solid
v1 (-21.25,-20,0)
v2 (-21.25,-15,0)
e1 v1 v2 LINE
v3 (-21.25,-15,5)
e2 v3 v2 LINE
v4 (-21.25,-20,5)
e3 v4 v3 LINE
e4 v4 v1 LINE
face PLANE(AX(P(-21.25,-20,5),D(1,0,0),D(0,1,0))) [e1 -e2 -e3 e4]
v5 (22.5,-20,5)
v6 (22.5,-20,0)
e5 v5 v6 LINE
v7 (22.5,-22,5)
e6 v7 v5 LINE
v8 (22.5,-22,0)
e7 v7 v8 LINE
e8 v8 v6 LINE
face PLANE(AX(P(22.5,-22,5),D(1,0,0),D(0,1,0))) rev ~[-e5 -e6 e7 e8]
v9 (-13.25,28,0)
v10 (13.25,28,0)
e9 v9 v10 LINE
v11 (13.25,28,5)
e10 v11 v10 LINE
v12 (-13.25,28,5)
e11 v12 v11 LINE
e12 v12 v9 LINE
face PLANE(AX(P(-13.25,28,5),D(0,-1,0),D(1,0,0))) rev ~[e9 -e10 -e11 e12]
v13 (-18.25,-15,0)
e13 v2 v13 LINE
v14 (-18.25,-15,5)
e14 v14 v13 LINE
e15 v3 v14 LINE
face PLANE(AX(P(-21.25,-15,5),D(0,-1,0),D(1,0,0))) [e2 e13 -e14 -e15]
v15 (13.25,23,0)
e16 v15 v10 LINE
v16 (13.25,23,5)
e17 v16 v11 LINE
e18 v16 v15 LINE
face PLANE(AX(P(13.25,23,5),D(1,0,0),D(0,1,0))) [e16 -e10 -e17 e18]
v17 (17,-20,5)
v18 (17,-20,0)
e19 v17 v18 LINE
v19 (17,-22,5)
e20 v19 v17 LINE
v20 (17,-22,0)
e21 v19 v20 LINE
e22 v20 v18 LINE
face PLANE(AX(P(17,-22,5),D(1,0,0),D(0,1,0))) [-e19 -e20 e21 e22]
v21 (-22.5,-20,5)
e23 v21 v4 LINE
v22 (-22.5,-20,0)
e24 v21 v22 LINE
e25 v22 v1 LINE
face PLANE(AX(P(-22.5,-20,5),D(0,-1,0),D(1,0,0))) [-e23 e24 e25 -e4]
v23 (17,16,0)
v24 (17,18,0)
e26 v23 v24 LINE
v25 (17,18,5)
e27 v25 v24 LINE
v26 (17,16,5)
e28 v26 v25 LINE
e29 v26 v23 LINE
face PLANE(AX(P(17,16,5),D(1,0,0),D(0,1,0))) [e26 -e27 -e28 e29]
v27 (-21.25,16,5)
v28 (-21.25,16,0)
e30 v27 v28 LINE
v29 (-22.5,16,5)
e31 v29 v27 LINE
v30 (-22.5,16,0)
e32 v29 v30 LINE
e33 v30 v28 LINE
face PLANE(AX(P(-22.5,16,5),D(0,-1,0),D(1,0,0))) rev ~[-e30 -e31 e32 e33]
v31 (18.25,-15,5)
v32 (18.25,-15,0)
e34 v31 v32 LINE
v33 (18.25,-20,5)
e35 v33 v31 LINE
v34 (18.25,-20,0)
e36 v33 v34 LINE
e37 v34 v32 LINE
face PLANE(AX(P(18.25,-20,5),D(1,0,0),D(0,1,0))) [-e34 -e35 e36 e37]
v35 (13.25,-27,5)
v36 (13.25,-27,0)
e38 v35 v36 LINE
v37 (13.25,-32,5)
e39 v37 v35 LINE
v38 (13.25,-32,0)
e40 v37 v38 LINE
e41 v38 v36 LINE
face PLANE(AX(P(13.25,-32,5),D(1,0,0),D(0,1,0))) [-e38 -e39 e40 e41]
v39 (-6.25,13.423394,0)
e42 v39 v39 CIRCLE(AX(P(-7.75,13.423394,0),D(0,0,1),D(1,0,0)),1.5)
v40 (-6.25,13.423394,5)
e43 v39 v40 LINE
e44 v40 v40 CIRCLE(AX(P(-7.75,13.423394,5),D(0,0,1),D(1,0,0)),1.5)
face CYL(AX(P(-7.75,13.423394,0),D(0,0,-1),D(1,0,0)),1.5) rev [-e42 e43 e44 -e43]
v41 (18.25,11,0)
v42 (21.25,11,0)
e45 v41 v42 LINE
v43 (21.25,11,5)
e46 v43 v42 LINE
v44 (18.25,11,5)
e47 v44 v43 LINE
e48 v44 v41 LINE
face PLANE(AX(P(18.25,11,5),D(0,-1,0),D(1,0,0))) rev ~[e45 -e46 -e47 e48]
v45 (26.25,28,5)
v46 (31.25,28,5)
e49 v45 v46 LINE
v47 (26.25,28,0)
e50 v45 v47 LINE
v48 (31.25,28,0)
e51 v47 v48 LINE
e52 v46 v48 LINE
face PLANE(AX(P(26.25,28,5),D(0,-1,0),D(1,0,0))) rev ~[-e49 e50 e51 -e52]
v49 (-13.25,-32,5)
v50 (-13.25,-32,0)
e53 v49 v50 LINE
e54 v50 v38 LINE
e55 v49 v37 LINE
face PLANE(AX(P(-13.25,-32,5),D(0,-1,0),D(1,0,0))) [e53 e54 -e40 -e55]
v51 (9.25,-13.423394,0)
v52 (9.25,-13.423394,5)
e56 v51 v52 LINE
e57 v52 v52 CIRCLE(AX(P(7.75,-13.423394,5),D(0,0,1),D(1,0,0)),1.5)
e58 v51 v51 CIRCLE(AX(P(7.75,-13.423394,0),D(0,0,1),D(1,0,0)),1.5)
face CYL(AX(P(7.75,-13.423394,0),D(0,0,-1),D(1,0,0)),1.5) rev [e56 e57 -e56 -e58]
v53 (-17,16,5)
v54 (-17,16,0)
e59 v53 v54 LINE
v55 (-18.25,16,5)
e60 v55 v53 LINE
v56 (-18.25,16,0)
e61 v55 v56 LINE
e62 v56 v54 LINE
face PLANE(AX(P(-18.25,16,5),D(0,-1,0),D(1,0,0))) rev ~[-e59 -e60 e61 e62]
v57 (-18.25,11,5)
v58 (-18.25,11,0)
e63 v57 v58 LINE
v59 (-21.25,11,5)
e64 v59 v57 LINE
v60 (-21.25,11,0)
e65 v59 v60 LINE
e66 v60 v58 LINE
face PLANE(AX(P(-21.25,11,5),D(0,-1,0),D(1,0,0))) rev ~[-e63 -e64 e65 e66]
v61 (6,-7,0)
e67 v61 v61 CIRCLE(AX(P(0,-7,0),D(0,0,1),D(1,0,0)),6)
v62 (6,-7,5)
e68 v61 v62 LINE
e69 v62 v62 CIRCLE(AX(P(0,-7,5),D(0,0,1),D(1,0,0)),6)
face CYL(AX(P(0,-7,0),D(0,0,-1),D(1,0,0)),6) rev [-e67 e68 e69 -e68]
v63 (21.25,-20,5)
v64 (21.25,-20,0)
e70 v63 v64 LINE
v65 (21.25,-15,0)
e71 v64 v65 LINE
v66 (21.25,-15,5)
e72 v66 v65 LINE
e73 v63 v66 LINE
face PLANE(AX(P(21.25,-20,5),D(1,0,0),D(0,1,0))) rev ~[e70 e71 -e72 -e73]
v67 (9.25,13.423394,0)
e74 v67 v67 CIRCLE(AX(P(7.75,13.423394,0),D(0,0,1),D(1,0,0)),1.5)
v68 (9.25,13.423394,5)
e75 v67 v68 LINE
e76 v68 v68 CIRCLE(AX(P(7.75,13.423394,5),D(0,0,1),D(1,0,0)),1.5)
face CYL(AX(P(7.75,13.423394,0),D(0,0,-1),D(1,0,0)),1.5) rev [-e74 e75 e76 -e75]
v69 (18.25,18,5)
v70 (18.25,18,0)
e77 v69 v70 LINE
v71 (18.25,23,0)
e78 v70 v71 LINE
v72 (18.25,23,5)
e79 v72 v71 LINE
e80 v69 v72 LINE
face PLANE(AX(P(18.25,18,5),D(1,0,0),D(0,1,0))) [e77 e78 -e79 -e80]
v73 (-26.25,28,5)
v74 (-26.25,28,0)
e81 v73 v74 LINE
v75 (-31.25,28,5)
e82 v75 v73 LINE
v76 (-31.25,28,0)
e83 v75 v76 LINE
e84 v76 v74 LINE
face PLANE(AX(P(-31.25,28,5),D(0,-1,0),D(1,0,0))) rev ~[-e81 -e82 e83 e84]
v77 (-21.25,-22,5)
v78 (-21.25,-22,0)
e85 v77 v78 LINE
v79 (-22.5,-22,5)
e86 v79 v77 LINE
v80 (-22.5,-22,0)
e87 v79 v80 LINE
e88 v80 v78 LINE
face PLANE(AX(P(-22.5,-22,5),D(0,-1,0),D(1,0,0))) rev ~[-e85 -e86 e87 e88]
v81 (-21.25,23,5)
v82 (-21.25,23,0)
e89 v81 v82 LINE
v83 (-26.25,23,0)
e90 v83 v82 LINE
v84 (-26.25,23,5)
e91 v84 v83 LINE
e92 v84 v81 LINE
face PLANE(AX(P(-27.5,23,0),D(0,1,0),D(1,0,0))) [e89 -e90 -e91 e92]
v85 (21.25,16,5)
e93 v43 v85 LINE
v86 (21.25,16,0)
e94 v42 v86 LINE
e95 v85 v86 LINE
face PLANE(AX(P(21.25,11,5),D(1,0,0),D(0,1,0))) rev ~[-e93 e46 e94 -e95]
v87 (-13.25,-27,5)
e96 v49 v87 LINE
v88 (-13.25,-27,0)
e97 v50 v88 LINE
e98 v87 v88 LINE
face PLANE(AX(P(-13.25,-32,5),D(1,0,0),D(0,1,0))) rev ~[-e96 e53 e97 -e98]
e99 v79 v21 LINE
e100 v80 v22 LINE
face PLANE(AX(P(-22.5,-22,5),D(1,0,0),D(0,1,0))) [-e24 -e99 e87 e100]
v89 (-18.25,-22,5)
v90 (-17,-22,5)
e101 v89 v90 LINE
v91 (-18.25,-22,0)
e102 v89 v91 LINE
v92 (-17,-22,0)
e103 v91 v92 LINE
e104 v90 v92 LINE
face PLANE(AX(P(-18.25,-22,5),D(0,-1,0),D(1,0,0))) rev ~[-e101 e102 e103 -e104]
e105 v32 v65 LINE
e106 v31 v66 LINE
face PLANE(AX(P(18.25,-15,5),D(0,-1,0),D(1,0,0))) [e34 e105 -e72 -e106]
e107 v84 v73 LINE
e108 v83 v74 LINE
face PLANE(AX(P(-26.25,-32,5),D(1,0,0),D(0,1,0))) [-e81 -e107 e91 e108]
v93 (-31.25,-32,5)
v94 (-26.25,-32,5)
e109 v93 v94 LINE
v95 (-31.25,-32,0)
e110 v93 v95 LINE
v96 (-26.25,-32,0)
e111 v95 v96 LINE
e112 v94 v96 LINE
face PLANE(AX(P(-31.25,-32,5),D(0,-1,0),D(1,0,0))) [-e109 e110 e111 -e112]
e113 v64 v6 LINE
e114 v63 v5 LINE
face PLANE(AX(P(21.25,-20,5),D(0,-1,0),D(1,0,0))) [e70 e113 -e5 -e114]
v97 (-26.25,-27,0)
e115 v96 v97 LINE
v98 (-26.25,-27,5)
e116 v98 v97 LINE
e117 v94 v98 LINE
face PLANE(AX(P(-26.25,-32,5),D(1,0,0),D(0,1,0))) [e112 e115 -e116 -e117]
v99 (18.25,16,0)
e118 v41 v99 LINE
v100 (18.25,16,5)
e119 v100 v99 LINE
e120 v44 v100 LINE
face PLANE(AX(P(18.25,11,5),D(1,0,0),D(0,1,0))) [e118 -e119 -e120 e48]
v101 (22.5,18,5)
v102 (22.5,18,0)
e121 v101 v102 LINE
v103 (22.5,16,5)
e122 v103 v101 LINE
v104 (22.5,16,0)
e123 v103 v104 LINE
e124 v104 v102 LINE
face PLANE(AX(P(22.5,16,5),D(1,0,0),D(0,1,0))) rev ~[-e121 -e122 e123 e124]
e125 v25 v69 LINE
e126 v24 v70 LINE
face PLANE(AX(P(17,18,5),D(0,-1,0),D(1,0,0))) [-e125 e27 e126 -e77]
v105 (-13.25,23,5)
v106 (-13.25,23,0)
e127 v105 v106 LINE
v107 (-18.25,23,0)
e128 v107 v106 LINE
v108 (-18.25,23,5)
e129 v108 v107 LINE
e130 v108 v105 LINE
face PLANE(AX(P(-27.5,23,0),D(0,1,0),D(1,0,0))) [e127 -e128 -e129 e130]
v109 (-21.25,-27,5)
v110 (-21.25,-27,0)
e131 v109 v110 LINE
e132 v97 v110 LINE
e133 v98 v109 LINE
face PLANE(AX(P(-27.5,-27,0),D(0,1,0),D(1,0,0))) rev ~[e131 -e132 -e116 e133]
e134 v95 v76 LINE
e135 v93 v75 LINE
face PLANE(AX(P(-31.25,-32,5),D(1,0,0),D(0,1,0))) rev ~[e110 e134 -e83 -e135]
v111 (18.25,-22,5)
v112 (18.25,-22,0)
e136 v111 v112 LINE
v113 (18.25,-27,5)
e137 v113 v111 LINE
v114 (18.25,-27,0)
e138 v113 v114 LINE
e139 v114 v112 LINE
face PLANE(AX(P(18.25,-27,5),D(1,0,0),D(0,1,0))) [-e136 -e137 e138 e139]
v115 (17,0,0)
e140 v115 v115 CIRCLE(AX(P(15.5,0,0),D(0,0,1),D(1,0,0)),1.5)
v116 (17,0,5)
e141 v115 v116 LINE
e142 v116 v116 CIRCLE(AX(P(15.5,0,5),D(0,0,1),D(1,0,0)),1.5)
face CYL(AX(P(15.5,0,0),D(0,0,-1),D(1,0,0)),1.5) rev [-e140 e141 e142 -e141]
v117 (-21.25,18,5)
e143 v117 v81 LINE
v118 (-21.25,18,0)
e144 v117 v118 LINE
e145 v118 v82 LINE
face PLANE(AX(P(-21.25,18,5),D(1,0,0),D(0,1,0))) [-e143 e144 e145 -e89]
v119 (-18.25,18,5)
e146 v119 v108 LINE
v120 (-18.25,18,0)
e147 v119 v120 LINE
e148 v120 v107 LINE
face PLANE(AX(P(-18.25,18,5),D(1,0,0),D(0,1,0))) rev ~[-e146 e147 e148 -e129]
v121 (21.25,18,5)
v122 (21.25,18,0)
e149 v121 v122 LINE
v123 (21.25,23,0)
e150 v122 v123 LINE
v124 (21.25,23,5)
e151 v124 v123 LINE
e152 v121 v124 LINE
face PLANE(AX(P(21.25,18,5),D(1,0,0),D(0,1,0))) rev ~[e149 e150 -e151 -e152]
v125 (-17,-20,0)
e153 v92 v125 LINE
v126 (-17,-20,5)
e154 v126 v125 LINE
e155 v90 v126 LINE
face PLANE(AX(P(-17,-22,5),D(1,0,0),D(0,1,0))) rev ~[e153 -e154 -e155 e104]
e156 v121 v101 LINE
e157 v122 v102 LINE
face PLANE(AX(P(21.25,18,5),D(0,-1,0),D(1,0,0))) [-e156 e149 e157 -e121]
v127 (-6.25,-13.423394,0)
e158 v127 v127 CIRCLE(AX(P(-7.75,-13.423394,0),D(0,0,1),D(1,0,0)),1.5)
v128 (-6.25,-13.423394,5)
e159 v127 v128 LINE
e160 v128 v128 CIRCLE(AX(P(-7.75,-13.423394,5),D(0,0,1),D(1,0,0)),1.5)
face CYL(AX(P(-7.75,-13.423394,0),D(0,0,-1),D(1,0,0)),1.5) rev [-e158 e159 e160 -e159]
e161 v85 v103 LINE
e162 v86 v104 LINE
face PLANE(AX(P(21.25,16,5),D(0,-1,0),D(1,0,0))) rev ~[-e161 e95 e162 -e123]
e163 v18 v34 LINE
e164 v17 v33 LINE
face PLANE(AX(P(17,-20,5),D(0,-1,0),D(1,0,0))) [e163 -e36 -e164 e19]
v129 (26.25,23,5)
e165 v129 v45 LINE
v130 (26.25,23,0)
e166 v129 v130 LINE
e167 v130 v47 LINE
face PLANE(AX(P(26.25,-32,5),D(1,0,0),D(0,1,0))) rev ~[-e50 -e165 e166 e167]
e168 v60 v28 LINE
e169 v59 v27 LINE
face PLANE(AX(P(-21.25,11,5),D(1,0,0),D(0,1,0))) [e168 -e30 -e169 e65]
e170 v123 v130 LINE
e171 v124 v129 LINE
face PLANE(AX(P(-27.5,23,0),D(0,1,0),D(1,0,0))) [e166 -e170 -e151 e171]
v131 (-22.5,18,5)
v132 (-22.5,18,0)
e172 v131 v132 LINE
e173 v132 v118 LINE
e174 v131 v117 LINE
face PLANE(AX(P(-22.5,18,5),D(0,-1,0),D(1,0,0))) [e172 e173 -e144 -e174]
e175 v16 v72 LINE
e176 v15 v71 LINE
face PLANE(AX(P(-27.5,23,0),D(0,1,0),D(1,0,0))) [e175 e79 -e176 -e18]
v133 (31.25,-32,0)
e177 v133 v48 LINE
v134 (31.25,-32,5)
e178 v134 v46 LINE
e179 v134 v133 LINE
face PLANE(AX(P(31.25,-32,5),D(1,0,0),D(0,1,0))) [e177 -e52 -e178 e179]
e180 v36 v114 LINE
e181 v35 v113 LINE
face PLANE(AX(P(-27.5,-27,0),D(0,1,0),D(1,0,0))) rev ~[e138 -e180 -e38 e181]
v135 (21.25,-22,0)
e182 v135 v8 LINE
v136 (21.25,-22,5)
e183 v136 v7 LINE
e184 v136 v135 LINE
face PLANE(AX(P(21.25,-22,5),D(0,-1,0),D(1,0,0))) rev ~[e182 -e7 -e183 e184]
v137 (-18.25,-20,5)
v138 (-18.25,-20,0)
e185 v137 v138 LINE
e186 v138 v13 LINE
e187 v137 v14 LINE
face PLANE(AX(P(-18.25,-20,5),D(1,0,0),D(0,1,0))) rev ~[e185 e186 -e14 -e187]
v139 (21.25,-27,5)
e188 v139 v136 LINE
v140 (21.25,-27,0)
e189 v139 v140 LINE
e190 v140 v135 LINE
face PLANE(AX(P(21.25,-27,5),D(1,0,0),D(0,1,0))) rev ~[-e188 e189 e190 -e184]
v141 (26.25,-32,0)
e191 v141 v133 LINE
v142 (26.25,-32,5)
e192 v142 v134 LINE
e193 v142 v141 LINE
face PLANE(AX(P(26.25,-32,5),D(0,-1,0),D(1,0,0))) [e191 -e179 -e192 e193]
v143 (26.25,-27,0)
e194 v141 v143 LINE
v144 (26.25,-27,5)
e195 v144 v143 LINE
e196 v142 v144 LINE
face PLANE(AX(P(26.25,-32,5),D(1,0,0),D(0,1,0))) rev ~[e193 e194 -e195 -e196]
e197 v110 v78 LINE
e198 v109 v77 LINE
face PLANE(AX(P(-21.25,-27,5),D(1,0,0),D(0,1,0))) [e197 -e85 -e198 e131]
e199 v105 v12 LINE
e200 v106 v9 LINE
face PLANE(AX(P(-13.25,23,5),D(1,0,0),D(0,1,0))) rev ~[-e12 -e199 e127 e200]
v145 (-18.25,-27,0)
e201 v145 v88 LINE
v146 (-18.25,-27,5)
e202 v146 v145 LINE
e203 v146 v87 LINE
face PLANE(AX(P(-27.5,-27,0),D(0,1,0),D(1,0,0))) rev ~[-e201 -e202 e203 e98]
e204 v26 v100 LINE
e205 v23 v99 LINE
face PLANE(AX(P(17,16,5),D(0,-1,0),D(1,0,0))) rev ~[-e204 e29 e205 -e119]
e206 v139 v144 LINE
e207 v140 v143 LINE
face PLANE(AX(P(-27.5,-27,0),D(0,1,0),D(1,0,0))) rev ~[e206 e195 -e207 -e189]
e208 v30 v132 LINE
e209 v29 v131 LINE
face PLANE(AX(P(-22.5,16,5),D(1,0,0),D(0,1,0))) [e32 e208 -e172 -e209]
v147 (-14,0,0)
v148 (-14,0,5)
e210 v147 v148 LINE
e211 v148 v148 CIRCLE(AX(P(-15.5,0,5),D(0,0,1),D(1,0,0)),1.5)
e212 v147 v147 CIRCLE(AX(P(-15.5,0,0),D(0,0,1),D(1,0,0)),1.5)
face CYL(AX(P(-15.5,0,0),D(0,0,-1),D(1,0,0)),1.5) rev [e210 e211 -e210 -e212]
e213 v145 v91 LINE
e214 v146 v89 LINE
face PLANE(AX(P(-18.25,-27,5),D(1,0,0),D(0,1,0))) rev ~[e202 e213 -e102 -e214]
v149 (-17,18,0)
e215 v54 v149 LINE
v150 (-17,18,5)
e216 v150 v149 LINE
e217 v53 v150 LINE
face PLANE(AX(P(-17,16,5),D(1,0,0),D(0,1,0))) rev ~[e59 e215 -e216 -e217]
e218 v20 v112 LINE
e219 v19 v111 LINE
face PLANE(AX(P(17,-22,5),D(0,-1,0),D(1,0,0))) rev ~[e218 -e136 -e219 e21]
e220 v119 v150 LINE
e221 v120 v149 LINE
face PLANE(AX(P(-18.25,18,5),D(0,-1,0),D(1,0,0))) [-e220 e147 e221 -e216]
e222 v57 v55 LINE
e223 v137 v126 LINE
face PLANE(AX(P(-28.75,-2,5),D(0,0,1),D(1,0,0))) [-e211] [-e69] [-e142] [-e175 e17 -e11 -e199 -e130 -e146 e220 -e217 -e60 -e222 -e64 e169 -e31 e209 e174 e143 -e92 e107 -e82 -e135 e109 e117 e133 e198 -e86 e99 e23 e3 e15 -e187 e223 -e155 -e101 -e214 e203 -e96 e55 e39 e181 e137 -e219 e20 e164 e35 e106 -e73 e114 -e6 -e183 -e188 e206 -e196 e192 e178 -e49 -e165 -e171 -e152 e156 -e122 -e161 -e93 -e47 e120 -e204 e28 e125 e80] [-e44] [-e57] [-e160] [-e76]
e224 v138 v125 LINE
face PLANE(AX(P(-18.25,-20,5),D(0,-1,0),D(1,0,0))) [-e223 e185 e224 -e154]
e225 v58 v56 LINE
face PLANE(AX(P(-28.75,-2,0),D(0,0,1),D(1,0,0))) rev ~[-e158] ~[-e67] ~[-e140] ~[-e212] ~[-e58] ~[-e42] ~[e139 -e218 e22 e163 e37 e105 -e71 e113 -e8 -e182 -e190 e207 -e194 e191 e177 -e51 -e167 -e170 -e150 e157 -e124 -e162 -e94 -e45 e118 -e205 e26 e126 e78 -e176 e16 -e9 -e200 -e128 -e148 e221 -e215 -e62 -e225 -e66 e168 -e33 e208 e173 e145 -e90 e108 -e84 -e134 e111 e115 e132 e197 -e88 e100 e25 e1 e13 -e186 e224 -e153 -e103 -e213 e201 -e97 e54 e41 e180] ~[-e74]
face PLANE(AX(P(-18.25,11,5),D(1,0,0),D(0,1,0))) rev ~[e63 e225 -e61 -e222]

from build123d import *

# Parameters (mm, degrees)
SKETCH1_W           = 55
SKETCH1_H           = 50
SKETCH1_R           = 6
SKETCH1_R_2         = 1.5
BOSS_EXTRUDE1_DEPTH = 5
SKETCH2_W           = 5.5
SKETCH2_H           = 2
SKETCH2_W_2         = 3
SKETCH2_H_2         = 12
CUT_EXTRUDE1_DEPTH  = 5
SKETCH3_W           = 5
SKETCH3_H           = 60
SKETCH3_W_2         = 26.5
SKETCH3_H_2         = 5
BOSS_EXTRUDE2_DEPTH = 5


with BuildPart() as part:
    # Sketch1 → Boss-Extrude1 (new body)
    with BuildSketch(Plane.XY):
        with Locations((0, -2)):
            Rectangle(SKETCH1_W, SKETCH1_H)
        with Locations((0, -7)):
            Circle(SKETCH1_R, mode=Mode.SUBTRACT)
        with Locations((-15.5, 0)):
            Circle(SKETCH1_R_2, mode=Mode.SUBTRACT)
        with Locations((-7.75, 13.423393759)):
            Circle(SKETCH1_R_2, mode=Mode.SUBTRACT)
        with Locations((7.75, 13.423393759)):
            Circle(SKETCH1_R_2, mode=Mode.SUBTRACT)
        with Locations((15.5, 0)):
            Circle(SKETCH1_R_2, mode=Mode.SUBTRACT)
        with Locations((7.75, -13.423393759)):
            Circle(SKETCH1_R_2, mode=Mode.SUBTRACT)
        with Locations((-7.75, -13.423393759)):
            Circle(SKETCH1_R_2, mode=Mode.SUBTRACT)
    extrude(amount=BOSS_EXTRUDE1_DEPTH)

    # Sketch2 → Cut-Extrude1 (cut)
    with BuildSketch(Plane.XY.offset(5)):
        with Locations((-19.75, -21)):
            Rectangle(SKETCH2_W, SKETCH2_H)
        with Locations((19.75, -21)):
            Rectangle(SKETCH2_W, SKETCH2_H)
        with Locations((-19.75, -21)):
            Rectangle(SKETCH2_W_2, SKETCH2_H_2)
        with Locations((19.75, -21)):
            Rectangle(SKETCH2_W_2, SKETCH2_H_2)
        with Locations((19.75, 17)):
            Rectangle(SKETCH2_W_2, SKETCH2_H_2)
        with Locations((-19.75, 17)):
            Rectangle(SKETCH2_W_2, SKETCH2_H_2)
        with Locations((19.75, 17)):
            Rectangle(SKETCH2_W, SKETCH2_H)
        with Locations((-19.75, 17)):
            Rectangle(SKETCH2_W, SKETCH2_H)
    extrude(amount=-CUT_EXTRUDE1_DEPTH, mode=Mode.SUBTRACT)

    # Sketch3 → Boss-Extrude2 (add)
    with BuildSketch(Plane.XY.offset(5)):
        with Locations((-28.75, -2)):
            Rectangle(SKETCH3_W, SKETCH3_H)
        with Locations((0, -29.5)):
            Rectangle(SKETCH3_W_2, SKETCH3_H_2)
        with Locations((28.75, -2)):
            Rectangle(SKETCH3_W, SKETCH3_H)
        with Locations((0, 25.5)):
            Rectangle(SKETCH3_W_2, SKETCH3_H_2)
    extrude(amount=-BOSS_EXTRUDE2_DEPTH)


solid = part.part
